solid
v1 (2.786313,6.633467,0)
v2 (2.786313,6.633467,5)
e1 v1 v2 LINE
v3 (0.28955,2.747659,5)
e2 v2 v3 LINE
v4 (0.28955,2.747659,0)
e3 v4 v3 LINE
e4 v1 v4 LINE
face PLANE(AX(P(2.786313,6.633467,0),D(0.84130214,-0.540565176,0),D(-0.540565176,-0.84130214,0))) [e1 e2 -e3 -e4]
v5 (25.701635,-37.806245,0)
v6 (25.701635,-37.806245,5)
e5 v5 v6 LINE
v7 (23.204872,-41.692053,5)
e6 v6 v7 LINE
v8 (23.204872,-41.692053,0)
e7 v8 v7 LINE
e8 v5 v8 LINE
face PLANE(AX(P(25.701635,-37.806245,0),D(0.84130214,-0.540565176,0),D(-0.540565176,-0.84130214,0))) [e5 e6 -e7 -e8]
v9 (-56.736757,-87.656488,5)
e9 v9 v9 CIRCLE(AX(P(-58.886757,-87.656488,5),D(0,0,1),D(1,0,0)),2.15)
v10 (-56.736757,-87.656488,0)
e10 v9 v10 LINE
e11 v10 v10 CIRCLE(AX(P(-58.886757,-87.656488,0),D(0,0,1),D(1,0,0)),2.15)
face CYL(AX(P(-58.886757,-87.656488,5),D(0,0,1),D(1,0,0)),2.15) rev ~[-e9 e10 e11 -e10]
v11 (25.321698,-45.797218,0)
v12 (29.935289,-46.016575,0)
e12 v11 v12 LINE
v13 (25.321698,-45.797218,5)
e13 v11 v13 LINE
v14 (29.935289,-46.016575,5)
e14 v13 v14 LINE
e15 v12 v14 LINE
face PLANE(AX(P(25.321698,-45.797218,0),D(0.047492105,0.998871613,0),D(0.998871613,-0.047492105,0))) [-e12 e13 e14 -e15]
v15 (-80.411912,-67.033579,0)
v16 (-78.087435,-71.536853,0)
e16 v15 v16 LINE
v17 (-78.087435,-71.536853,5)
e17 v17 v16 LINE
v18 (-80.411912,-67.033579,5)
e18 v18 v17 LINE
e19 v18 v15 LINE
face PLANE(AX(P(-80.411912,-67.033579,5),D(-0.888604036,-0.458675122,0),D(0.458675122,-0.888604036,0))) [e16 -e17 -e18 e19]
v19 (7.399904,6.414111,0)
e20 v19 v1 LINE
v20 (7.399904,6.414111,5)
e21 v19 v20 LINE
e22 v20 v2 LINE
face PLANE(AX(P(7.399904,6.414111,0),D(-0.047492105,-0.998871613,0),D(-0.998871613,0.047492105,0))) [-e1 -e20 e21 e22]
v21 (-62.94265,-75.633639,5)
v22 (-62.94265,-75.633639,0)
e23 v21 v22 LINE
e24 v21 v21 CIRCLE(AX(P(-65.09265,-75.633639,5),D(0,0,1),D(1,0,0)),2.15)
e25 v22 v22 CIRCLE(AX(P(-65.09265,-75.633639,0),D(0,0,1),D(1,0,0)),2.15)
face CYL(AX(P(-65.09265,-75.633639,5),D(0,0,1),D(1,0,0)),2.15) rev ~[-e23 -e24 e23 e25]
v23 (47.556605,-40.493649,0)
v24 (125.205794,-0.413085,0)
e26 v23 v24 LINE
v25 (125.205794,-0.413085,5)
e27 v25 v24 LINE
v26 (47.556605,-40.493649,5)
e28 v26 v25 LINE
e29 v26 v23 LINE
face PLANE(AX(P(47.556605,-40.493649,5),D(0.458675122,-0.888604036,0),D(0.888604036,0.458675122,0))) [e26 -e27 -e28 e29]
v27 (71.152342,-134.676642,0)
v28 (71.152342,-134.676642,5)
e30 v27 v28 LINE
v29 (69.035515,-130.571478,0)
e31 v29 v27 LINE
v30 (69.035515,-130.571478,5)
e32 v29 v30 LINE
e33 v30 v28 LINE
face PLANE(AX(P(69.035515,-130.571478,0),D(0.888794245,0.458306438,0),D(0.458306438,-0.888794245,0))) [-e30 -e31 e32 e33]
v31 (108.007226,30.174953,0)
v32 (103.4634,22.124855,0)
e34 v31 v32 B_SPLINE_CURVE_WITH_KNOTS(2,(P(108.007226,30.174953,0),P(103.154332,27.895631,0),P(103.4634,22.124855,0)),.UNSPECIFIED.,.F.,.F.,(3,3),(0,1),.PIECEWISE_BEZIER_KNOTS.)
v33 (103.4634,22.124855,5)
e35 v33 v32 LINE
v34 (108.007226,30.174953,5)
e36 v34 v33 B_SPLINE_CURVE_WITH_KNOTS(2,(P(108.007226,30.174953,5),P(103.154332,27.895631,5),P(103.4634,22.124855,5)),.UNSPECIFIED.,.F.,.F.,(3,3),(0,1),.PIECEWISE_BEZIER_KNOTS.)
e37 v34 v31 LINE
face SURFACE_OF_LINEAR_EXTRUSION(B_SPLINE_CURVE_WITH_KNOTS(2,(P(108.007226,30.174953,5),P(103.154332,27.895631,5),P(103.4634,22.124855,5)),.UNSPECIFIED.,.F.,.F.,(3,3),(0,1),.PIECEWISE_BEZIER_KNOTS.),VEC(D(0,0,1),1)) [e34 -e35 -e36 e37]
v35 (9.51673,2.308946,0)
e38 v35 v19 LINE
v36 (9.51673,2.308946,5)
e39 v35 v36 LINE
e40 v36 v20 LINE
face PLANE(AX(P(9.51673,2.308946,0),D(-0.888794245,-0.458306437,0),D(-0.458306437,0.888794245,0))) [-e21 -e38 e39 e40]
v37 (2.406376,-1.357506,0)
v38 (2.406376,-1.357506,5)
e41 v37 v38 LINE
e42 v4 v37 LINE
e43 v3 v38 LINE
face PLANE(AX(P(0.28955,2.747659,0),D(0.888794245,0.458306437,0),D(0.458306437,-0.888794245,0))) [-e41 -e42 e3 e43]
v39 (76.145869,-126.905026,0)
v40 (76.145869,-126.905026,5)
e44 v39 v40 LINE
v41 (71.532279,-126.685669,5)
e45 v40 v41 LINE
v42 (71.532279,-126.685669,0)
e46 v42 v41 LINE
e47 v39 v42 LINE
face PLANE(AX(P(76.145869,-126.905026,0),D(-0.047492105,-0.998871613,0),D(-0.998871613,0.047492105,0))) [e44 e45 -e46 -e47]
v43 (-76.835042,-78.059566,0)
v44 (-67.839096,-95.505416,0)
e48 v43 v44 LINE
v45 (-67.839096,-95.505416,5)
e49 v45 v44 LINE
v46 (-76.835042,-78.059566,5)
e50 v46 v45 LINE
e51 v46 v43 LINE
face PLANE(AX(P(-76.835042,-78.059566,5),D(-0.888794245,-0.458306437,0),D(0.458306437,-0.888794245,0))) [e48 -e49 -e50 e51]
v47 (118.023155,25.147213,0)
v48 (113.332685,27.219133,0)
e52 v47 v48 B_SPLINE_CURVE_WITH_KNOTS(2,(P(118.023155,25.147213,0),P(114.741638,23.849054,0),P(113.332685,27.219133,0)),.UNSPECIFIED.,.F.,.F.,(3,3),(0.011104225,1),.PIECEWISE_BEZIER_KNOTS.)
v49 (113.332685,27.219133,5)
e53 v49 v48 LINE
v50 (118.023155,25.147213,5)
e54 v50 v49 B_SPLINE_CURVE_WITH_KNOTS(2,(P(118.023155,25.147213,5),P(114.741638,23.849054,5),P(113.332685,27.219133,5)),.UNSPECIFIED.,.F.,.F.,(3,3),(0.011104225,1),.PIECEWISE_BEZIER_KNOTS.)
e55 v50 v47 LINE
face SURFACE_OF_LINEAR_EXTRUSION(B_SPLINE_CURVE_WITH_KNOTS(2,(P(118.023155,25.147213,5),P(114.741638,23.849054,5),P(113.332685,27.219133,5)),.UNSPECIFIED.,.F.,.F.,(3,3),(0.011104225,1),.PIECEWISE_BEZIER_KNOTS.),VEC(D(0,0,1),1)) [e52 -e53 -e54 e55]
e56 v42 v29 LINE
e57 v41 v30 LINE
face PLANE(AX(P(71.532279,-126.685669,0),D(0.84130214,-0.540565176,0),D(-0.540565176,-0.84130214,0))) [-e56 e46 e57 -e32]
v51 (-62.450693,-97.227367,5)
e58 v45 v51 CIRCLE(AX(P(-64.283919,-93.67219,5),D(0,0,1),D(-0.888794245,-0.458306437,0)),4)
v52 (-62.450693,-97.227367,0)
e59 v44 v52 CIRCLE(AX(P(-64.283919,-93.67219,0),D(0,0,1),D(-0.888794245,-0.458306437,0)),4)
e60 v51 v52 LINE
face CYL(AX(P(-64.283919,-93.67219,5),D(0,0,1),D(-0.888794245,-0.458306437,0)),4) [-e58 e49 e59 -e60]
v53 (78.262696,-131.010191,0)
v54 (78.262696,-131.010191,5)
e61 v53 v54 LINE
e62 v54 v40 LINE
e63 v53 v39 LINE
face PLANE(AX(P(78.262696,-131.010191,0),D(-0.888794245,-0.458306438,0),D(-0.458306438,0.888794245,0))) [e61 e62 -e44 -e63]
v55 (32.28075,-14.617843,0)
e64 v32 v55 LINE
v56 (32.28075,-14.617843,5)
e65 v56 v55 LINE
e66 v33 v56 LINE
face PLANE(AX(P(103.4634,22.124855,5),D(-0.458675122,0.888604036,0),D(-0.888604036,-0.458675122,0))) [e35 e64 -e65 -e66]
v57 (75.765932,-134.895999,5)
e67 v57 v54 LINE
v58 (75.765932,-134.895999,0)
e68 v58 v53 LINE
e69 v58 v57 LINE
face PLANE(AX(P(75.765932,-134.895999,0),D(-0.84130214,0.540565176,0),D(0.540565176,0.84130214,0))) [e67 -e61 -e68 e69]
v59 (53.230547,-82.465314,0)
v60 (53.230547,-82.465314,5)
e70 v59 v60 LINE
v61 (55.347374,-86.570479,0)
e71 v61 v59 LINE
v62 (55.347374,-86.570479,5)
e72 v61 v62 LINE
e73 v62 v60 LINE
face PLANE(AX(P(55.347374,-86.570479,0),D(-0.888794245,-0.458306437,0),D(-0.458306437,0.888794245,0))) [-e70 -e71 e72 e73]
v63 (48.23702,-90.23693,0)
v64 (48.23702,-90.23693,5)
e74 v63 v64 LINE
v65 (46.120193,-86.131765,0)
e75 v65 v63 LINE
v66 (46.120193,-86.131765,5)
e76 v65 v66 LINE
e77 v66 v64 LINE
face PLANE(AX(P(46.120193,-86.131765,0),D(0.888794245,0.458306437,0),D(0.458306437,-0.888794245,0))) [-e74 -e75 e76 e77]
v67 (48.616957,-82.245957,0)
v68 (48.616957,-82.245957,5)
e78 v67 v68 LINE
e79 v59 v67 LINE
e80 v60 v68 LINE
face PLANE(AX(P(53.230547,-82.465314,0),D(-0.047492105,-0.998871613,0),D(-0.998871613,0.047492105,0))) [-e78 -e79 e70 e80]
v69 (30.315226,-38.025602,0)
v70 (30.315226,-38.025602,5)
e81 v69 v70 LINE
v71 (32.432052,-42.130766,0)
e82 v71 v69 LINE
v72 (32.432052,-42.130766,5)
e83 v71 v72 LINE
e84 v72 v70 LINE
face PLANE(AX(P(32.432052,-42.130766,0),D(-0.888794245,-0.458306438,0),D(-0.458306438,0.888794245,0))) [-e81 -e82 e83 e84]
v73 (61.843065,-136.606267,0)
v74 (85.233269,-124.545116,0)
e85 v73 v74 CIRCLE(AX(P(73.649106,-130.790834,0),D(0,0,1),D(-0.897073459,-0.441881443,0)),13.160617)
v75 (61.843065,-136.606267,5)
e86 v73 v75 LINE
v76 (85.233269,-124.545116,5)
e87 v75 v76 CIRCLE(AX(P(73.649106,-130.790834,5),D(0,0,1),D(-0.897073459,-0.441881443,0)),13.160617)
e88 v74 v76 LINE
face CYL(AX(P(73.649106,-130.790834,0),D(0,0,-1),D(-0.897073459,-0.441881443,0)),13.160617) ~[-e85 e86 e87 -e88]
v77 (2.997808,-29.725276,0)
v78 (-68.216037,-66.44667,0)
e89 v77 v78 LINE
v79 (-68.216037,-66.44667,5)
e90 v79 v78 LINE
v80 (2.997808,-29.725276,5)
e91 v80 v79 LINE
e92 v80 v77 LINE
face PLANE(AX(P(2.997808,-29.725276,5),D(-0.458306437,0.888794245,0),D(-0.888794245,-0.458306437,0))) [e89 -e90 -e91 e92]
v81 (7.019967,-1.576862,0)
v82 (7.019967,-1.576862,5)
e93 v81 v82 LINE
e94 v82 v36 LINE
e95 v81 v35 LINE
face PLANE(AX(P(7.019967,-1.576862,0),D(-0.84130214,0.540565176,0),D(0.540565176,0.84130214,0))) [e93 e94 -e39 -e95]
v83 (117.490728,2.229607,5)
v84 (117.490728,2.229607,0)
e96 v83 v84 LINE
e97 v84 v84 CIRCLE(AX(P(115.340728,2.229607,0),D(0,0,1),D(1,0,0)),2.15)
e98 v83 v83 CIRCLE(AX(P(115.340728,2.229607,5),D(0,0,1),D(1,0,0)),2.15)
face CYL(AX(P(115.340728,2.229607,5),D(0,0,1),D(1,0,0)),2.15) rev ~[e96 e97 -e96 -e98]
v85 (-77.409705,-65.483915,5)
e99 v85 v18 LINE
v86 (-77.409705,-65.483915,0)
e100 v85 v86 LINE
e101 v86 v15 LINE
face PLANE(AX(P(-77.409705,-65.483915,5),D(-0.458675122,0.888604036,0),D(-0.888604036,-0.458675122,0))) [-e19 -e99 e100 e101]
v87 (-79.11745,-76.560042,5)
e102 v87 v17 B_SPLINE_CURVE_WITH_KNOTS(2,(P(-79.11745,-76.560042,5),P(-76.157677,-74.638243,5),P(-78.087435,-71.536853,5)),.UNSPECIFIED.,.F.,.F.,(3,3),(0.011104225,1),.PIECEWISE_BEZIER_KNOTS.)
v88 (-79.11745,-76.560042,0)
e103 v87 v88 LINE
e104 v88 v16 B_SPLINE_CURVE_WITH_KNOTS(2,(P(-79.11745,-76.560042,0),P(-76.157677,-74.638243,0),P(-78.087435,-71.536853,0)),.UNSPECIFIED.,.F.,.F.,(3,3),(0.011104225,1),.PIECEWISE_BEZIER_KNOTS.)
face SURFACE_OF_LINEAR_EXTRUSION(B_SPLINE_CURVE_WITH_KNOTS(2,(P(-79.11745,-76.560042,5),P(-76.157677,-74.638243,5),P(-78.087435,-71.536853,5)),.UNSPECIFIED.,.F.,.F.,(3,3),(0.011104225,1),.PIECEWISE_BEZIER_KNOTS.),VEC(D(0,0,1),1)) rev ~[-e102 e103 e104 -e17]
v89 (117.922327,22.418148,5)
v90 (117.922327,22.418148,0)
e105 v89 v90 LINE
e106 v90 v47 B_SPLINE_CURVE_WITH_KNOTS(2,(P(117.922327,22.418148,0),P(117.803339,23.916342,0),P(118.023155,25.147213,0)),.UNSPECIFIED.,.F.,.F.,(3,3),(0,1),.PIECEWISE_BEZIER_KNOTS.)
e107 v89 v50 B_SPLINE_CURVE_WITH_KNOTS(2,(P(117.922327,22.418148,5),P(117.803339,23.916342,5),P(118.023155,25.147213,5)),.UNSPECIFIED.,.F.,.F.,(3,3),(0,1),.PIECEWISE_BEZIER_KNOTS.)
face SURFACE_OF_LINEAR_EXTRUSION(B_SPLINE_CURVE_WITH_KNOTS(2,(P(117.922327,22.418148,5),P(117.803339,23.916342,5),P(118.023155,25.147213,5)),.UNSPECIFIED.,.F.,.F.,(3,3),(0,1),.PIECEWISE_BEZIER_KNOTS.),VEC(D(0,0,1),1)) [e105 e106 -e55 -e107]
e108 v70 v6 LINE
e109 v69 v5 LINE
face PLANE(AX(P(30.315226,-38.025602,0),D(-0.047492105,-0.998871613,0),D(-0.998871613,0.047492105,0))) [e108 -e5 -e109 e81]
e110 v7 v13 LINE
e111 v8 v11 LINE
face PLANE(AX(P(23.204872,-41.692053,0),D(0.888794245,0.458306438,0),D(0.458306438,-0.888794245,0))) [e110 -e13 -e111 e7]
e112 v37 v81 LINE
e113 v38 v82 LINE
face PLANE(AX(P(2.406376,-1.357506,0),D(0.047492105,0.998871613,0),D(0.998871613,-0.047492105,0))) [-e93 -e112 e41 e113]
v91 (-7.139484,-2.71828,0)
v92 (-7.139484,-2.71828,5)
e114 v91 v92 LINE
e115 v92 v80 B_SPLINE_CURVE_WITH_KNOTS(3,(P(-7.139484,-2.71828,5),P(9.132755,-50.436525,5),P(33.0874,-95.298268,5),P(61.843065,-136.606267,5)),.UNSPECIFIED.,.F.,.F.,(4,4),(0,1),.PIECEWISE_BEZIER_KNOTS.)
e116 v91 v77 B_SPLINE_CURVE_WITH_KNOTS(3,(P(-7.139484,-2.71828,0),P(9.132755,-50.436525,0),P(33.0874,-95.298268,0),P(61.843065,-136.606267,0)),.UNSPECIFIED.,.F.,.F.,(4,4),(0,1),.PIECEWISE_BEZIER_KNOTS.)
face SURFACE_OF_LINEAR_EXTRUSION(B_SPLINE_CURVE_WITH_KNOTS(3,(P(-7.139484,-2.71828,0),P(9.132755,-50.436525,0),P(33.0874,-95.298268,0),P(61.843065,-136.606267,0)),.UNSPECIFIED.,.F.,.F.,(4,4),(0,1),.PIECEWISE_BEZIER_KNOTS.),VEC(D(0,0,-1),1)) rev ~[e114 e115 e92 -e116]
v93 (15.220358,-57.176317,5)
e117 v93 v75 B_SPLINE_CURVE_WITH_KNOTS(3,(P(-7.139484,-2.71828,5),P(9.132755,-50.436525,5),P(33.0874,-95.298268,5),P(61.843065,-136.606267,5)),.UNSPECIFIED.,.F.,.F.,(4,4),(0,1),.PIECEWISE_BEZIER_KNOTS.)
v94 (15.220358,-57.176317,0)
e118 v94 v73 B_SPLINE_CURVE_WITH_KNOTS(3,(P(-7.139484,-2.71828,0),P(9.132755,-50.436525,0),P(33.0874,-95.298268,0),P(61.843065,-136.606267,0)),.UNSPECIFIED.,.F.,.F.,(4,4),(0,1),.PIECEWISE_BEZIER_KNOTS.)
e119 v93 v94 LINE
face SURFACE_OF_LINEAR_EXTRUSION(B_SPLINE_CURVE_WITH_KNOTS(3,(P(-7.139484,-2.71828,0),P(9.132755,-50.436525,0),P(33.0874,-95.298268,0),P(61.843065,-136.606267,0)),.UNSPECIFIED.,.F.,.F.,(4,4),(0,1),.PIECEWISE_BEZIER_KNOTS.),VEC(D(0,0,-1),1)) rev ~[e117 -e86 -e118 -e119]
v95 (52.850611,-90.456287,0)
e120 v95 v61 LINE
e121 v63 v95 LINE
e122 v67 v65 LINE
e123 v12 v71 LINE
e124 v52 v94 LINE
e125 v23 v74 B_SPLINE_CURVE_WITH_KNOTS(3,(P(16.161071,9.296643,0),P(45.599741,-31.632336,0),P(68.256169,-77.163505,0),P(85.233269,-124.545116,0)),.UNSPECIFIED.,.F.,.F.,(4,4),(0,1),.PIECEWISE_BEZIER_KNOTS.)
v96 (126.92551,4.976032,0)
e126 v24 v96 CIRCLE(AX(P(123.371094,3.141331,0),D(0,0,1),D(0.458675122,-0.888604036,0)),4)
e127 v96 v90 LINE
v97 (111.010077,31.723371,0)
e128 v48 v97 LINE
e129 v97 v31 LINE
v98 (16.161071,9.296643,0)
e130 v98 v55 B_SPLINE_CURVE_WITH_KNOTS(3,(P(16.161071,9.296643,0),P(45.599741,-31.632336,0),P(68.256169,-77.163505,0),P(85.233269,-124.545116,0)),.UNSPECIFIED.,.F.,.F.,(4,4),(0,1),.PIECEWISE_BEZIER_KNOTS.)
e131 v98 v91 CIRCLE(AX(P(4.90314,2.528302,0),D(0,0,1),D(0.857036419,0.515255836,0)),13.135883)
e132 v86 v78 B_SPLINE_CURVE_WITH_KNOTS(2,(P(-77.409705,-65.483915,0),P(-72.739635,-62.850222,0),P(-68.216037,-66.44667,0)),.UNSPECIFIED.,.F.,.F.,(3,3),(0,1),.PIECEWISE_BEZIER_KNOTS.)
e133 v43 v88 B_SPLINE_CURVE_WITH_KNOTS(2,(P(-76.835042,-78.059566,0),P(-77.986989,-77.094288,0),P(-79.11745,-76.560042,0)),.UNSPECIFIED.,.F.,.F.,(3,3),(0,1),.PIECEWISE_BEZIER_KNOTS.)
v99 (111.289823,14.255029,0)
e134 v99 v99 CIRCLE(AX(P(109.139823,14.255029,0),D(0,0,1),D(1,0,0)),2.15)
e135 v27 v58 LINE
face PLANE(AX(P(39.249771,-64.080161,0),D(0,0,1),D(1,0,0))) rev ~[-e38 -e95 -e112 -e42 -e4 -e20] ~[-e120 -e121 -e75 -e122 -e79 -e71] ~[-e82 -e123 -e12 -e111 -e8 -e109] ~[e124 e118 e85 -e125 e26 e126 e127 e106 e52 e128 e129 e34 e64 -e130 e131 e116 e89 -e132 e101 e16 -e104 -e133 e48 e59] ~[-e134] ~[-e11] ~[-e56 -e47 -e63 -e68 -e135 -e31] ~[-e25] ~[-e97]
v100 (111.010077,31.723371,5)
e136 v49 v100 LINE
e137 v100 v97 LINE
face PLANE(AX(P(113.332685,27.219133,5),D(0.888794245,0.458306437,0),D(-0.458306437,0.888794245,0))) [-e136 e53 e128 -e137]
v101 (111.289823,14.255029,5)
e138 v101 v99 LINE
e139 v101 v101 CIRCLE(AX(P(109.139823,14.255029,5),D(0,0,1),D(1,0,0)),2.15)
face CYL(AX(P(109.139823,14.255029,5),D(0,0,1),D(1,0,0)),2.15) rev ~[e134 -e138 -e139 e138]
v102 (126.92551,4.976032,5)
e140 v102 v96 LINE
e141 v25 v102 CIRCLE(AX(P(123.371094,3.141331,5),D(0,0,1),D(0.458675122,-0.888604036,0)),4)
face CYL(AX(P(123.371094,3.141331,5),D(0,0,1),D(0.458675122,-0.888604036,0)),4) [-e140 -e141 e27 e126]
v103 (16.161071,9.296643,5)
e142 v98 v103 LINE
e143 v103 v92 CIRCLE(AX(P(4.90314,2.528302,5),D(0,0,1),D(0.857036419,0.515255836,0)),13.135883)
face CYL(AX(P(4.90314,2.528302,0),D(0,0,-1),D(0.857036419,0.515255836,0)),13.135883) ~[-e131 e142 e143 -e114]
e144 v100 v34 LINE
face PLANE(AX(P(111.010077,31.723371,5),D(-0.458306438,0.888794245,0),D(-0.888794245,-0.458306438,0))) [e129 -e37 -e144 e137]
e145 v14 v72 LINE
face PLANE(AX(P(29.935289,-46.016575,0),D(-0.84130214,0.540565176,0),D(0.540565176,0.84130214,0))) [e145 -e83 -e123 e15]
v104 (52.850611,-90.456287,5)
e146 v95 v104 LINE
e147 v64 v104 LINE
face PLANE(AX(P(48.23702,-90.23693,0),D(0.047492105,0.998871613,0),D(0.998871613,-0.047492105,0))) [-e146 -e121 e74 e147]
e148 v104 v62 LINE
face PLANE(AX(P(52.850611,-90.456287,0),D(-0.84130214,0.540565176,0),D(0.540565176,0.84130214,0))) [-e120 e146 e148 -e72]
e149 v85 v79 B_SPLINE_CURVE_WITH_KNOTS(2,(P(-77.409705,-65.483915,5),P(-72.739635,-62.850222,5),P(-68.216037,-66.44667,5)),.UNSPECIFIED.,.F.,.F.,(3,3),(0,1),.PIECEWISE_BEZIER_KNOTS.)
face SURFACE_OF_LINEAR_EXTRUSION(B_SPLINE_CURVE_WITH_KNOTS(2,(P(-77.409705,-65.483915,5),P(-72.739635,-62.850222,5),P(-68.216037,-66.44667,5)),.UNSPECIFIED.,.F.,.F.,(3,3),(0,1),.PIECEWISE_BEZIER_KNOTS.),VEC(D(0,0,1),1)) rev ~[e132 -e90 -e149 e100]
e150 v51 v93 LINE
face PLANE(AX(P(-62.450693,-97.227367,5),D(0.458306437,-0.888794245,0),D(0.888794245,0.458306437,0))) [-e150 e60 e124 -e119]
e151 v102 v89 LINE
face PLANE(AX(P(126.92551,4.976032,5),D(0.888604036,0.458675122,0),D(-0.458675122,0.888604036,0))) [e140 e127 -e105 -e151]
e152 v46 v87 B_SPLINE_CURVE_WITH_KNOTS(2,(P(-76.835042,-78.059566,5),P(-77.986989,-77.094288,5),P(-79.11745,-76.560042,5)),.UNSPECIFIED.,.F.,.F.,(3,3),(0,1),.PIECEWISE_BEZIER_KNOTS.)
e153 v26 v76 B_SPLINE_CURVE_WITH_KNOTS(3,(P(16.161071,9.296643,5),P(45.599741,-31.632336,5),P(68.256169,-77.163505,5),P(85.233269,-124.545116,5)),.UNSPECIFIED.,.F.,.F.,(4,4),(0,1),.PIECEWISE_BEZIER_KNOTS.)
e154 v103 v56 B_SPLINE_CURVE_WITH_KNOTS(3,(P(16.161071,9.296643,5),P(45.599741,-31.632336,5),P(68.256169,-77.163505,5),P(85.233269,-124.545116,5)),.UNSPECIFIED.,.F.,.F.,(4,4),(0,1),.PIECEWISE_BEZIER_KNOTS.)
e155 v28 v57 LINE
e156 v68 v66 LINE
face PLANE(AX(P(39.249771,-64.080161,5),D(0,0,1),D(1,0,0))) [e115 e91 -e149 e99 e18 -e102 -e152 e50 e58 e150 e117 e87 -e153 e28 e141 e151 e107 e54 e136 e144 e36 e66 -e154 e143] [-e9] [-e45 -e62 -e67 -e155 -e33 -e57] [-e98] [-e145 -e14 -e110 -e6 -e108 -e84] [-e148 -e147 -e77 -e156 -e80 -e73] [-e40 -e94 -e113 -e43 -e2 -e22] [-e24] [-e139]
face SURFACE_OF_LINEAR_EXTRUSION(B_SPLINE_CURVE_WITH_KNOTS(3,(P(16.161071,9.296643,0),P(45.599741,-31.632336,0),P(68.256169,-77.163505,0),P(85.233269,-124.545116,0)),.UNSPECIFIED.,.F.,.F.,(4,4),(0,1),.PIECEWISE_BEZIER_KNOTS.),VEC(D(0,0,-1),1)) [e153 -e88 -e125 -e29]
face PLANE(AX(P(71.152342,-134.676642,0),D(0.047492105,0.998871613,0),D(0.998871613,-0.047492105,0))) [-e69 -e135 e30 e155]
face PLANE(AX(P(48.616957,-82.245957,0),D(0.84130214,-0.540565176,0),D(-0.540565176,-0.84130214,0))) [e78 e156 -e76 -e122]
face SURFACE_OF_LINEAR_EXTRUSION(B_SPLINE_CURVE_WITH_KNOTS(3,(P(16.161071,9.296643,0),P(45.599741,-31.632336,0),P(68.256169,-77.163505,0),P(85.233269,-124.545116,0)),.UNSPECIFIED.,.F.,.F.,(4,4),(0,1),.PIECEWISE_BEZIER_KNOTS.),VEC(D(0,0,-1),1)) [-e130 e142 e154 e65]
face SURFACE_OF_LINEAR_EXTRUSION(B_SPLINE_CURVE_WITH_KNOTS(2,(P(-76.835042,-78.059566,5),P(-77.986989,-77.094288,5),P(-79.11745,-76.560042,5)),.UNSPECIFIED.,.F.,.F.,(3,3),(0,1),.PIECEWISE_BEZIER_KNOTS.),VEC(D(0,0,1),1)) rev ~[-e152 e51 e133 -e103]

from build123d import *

# Parameters (mm, degrees)
BOSS_EXTRUDE1_DEPTH = 5
SKETCH4_R           = 2.15
BOSS_EXTRUDE2_DEPTH = 5


with BuildPart() as part:
    # Sketch3 → Boss-Extrude1 (new body)
    with BuildSketch(Plane.XY):
        with BuildLine():
            ThreePointArc((16.161070517, 9.296643019), (-1.117119854, 14.203399989), (-7.139484482, -2.718279914))
            add(Edge.make_bspline(
                [(-7.139484482, -2.718279914), (9.132754629, -50.436524862), (33.087399733, -95.298268059), (61.843065412, -136.60626672)],
                knots=[0, 0, 0, 0, 1, 1, 1, 1], degree=3))
            ThreePointArc((61.843065412, -136.60626672), (79.680701211, -142.48791497), (85.233269402, -124.545116316))
            add(Edge.make_bspline(
                [(16.161070517, 9.296643019), (45.599741143, -31.632336181), (68.256168937, -77.163504674), (85.233269402, -124.545116316)],
                knots=[0, 0, 0, 0, 1, 1, 1, 1], degree=3))
        make_face()
        Polygon((78.262696046, -131.010190899), (76.145869285, -126.905026127), (71.532278927, -126.685669492), (69.035515328, -130.571477627), (71.152342089, -134.676642399), (75.765932447, -134.895999034), align=None, mode=Mode.SUBTRACT)
        Polygon((55.347374171, -86.570478665), (53.230547411, -82.465313894), (48.616957052, -82.245957258), (46.120193454, -86.131765394), (48.237020214, -90.236930165), (52.850610573, -90.456286801), align=None, mode=Mode.SUBTRACT)
        Polygon((32.432052297, -42.130766432), (30.315225536, -38.025601661), (25.701635178, -37.806245025), (23.204871579, -41.69205316), (25.32169834, -45.797217932), (29.935288698, -46.016574567), align=None, mode=Mode.SUBTRACT)
        Polygon((9.516730422, 2.308945802), (7.399903662, 6.414110573), (2.786313303, 6.633467209), (0.289549705, 2.747659073), (2.406376465, -1.357505698), (7.019966824, -1.576862334), align=None, mode=Mode.SUBTRACT)
    extrude(amount=BOSS_EXTRUDE1_DEPTH)

    # Sketch4 → Boss-Extrude2 (add)
    # profile 1 of 2: a face of its own
    with BuildSketch(Plane.XY.offset(5)):
        with BuildLine():
            Line((-62.450693281, -97.22736689), (15.220358234, -57.176316709))
            add(Edge.make_bspline(
                [(2.997808313, -29.725276343), (6.797307694, -38.99575652), (10.8790517, -48.14793286), (15.220358234, -57.176316709)],
                knots=[0.19087071, 0.19087071, 0.19087071, 0.19087071, 0.389797815, 0.389797815, 0.389797815, 0.389797815], degree=3))
            Line((2.997808313, -29.725276343), (-68.216036929, -66.446670398))
            add(Edge.make_bspline(
                [(-77.409704675, -65.483914752), (-72.739634543, -62.850222111), (-68.216036929, -66.446670398)],
                knots=[0, 0, 0, 1, 1, 1], degree=2))
            Line((-77.409704675, -65.483914752), (-80.411912193, -67.033578992))
            Line((-80.411912193, -67.033578992), (-78.087434927, -71.536853276))
            add(Edge.make_bspline(
                [(-79.1174503, -76.560041992), (-76.157677443, -74.63824268), (-78.087434927, -71.536853276)],
                knots=[0.011104225, 0.011104225, 0.011104225, 1, 1, 1], degree=2))
            add(Edge.make_bspline(
                [(-76.835042304, -78.059565803), (-77.986988957, -77.094288184), (-79.1174503, -76.560041992)],
                knots=[0, 0, 0, 1, 1, 1], degree=2))
            Line((-76.835042304, -78.059565803), (-67.839096009, -95.50541566))
            ThreePointArc((-67.839096009, -95.50541566), (-65.501522422, -97.48236602), (-62.450693281, -97.22736689))
        make_face()
        with Locations((-58.886757215, -87.65648791)):
            Circle(SKETCH4_R, mode=Mode.SUBTRACT)
        with Locations((-65.092650278, -75.633639142)):
            Circle(SKETCH4_R, mode=Mode.SUBTRACT)
    # profile 2 of 2: a face of its own
    with BuildSketch(Plane.XY.offset(5)):
        with BuildLine():
            add(Edge.make_bspline(
                [(32.280750269, -14.617843465), (37.629854463, -23.089001057), (42.718912178, -31.721489708), (47.556604904, -40.493649318)],
                knots=[0.190825277, 0.190825277, 0.190825277, 0.190825277, 0.38974783, 0.38974783, 0.38974783, 0.38974783], degree=3))
            Line((47.556604904, -40.493649318), (125.205794469, -0.413084682))
            ThreePointArc((125.205794469, -0.413084682), (127.181774896, 1.925308859), (126.925510125, 4.976031949))
            Line((126.925510125, 4.976031949), (117.922327039, 22.418148257))
            add(Edge.make_bspline(
                [(117.922327039, 22.418148257), (117.803338747, 23.916341756), (118.02315462, 25.147212514)],
                knots=[0, 0, 0, 1, 1, 1], degree=2))
            add(Edge.make_bspline(
                [(118.02315462, 25.147212514), (114.741637832, 23.849053997), (113.332685388, 27.219133104)],
                knots=[0.011104225, 0.011104225, 0.011104225, 1, 1, 1], degree=2))
            Line((113.332685388, 27.219133104), (111.010076543, 31.723371329))
            Line((111.010076543, 31.723371329), (108.007226392, 30.174952712))
            add(Edge.make_bspline(
                [(108.007226392, 30.174952712), (103.154331871, 27.895631161), (103.463399948, 22.124855428)],
                knots=[0, 0, 0, 1, 1, 1], degree=2))
            Line((103.463399948, 22.124855428), (32.280750269, -14.617843465))
        make_face()
        with Locations((115.340727562, 2.229607059)):
            Circle(SKETCH4_R, mode=Mode.SUBTRACT)
        with Locations((109.139822812, 14.255029359)):
            Circle(SKETCH4_R, mode=Mode.SUBTRACT)
    extrude(amount=-BOSS_EXTRUDE2_DEPTH)


solid = part.part
